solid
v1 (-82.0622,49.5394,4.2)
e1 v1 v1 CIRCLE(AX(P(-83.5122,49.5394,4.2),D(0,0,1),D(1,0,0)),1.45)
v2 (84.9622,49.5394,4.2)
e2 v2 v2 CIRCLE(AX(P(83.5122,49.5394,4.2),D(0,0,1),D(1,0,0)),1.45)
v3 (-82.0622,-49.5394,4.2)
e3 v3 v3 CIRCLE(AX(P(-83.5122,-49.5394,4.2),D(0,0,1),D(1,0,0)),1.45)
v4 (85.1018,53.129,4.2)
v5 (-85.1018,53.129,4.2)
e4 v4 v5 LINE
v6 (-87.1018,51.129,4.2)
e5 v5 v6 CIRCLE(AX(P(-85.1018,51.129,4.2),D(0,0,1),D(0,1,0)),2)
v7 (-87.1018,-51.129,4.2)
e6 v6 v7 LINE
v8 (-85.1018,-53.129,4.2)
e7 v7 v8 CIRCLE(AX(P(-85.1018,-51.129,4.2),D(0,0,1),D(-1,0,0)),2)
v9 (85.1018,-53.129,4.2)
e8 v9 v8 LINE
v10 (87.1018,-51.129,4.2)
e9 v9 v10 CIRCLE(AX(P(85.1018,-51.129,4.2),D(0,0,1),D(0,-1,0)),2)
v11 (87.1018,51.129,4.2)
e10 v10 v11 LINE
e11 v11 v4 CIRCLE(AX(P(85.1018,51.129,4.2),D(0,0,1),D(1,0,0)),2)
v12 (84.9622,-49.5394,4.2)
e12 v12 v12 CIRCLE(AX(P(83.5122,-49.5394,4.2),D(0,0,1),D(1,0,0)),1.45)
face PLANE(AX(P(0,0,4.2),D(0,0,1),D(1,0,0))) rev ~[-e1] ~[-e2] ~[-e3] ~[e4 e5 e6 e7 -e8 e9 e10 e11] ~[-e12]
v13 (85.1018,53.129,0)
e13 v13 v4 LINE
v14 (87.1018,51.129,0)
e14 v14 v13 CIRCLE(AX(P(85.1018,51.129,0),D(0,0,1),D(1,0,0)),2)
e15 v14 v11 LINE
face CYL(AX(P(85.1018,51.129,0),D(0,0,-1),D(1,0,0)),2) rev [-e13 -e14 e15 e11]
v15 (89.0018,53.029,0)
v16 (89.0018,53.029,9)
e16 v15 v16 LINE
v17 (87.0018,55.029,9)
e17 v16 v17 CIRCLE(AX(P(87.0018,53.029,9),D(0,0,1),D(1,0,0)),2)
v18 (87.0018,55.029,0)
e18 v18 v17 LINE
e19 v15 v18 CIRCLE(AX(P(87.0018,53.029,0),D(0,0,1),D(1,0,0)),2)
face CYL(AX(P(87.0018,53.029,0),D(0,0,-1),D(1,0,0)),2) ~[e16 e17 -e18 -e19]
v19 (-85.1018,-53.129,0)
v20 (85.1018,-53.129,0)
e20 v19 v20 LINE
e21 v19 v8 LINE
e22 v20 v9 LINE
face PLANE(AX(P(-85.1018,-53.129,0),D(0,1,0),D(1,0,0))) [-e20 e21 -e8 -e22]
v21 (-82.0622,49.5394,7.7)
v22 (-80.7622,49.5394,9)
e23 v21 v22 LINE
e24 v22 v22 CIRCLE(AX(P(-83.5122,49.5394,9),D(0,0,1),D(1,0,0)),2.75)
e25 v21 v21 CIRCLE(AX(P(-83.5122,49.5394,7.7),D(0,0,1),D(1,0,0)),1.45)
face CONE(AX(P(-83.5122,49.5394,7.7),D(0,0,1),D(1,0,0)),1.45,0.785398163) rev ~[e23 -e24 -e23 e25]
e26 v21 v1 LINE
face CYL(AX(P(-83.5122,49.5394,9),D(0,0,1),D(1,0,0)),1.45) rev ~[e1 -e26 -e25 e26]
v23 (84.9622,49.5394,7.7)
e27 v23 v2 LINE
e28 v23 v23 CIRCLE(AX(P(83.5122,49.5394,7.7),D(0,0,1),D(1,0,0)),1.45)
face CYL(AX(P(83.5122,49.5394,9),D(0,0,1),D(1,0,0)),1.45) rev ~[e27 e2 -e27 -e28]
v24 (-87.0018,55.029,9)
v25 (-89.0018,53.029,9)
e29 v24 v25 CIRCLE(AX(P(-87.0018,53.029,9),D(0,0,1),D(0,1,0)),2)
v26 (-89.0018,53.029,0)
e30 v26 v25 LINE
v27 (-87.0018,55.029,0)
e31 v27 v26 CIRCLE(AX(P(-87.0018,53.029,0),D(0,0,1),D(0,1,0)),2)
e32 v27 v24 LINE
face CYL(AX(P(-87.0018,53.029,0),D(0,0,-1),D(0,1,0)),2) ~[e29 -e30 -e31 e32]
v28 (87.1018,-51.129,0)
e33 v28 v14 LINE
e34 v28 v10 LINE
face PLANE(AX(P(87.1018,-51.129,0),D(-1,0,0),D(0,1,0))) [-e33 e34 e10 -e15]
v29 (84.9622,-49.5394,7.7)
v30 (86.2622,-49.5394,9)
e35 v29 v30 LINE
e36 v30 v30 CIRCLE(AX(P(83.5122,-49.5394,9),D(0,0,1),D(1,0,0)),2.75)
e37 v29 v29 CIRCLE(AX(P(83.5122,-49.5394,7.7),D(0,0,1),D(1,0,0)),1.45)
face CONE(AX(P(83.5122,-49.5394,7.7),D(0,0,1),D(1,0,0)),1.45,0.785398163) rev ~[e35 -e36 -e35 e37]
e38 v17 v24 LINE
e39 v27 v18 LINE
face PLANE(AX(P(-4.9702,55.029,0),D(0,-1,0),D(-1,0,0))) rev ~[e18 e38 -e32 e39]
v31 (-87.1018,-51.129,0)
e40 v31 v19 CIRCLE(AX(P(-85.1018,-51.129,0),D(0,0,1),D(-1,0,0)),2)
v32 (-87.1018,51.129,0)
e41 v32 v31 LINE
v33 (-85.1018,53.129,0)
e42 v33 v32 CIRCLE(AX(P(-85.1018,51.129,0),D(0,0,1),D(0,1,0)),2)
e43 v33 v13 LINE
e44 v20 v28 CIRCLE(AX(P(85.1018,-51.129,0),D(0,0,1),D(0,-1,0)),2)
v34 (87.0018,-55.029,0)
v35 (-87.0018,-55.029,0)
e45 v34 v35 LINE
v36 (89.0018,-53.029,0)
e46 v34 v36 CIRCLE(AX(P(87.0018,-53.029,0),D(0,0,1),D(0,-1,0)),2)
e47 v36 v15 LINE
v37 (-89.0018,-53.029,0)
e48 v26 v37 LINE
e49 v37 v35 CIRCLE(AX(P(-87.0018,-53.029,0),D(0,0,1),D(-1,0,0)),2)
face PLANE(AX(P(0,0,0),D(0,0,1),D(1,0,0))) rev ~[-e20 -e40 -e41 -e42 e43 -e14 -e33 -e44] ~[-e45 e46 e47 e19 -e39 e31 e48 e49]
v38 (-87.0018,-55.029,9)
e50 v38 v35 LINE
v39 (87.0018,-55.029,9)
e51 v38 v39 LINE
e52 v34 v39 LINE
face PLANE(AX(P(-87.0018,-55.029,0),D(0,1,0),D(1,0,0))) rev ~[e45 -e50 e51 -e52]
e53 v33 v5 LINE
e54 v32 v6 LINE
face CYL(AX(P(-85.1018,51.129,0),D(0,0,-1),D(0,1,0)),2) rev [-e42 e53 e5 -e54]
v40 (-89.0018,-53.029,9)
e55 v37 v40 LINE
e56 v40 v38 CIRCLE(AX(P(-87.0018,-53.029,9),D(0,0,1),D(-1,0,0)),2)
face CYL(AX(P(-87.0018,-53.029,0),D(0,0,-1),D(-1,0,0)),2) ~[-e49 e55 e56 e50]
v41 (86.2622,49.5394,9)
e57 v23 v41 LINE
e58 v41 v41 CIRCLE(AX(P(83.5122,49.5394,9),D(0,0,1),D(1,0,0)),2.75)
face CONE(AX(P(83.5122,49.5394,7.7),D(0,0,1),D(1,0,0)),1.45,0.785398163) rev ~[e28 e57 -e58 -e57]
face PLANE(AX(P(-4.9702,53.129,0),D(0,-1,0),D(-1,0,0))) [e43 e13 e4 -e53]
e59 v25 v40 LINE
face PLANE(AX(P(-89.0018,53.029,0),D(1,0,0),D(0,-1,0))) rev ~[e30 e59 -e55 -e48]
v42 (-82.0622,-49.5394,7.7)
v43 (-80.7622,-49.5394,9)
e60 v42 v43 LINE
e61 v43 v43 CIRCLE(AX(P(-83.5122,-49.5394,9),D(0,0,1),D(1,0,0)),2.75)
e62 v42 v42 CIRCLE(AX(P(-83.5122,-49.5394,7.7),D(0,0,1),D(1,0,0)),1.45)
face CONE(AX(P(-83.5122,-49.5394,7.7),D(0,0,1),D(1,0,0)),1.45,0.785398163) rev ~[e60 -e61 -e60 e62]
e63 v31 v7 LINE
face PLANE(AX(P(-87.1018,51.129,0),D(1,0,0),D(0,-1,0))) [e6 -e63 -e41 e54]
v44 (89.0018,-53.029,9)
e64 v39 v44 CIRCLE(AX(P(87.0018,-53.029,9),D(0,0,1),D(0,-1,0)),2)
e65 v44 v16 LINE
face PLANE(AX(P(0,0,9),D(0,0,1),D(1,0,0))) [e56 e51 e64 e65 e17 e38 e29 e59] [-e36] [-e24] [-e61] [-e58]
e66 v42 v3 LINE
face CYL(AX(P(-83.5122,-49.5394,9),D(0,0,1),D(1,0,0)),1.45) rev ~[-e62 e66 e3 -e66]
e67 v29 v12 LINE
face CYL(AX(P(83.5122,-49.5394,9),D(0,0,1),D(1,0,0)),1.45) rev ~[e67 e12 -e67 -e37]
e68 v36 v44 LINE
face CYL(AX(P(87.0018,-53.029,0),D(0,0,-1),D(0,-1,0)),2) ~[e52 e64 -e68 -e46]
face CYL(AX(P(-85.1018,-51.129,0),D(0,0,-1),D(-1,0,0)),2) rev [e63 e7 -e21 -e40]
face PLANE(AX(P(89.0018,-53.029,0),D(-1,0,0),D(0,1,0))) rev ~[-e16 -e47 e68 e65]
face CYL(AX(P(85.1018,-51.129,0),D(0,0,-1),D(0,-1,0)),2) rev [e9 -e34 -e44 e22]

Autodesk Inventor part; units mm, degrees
ref_plane "YZ Plane" through (0, 0, 0) normal (1, 0, 0) x (0, 1, 0)
ref_plane "XZ Plane" through (0, 0, 0) normal (0, 1, 0) x (-1, 0, 0)
ref_plane "XY Plane" through (0, 0, 0) normal (0, 0, 1) x (1, 0, 0)
sketch "Sketch3" plane through (0, 0, 0) normal (0, 0, 1) x (1, 0, 0)
  line L0 (-8.9702, 53.029) -> (-8.9702, 53.0291) projected
  line L1 (-8.9702, 53.0291) -> (-4.9702, 53.0291) projected
  line L2 (-4.9702, 53.0291) -> (-4.9702, 55.029) projected
  line L3 (-4.9702, 55.029) -> (-87.0018, 55.029) projected
  arc A0 (-87.0018, 55.029) -> (-89.0018, 53.029) centre (-87.0018, 53.029) ccw projected
  line L4 (-89.0018, 53.029) -> (-89.0018, -53.029) projected
  arc A1 (-89.0018, -53.029) -> (-87.0018, -55.029) centre (-87.0018, -53.029) ccw projected
  line L5 (-87.0018, -55.029) -> (-4.9702, -55.029) projected
  line L6 (-4.9702, -55.029) -> (-4.9702, -53.029) projected
  line L7 (-4.9702, -53.029) -> (-8.9702, -53.029) projected
  line L8 (-8.9702, -53.029) -> (-85.0018, -53.029) projected
  arc A2 (-87.0018, -51.029) -> (-85.0018, -53.029) centre (-85.0018, -51.029) ccw projected
  line L9 (-87.0018, -51.029) -> (-87.0018, 51.029) projected
  arc A3 (-85.0018, 53.029) -> (-87.0018, 51.029) centre (-85.0018, 51.029) ccw projected
  line L10 (-85.0018, 53.029) -> (-8.9702, 53.029) projected
  line L11 (49.0298, 53.0291) -> (49.0298, 53.029) projected
  line L12 (49.0298, 53.029) -> (85.0018, 53.029) projected
  arc A4 (87.0018, 51.029) -> (85.0018, 53.029) centre (85.0018, 51.029) ccw projected
  line L13 (87.0018, 51.029) -> (87.0018, -51.029) projected
  arc A5 (85.0018, -53.029) -> (87.0018, -51.029) centre (85.0018, -51.029) ccw projected
  line L14 (85.0018, -53.029) -> (49.0298, -53.029) projected
  line L15 (49.0298, -53.029) -> (45.0298, -53.029) projected
  line L16 (45.0298, -53.029) -> (45.0298, -55.029) projected
  line L17 (45.0298, -55.029) -> (87.0018, -55.029) projected
  arc A6 (87.0018, -55.029) -> (89.0018, -53.029) centre (87.0018, -53.029) ccw projected
  line L18 (89.0018, -53.029) -> (89.0018, 53.029) projected
  arc A7 (89.0018, 53.029) -> (87.0018, 55.029) centre (87.0018, 53.029) ccw projected
  line L19 (87.0018, 55.029) -> (45.0298, 55.029) projected
  line L20 (45.0298, 55.029) -> (45.0298, 53.0291) projected
  line L21 (45.0298, 53.0291) -> (49.0298, 53.0291) projected
  line L22 (87.0018, 55.029) -> (-87.0018, 55.029)
  line L23 (-89.0018, 53.029) -> (-89.0018, -53.029)
  line L24 (-87.0018, -55.029) -> (87.0018, -55.029)
  line L25 (89.0018, -53.029) -> (89.0018, 53.029)
  line L26 (85.1018, 53.129) -> (-85.1018, 53.129)
  line L27 (-87.1018, 51.129) -> (-87.1018, -51.129)
  line L28 (-85.1018, -53.129) -> (85.1018, -53.129)
  line L29 (87.1018, -51.129) -> (87.1018, 51.129)
  arc A8 (89.0018, 53.029) -> (87.0018, 55.029) centre (87.0018, 53.029) ccw
  arc A9 (87.1018, 51.129) -> (85.1018, 53.129) centre (85.1018, 51.129) ccw
  arc A10 (85.1018, -53.129) -> (87.1018, -51.129) centre (85.1018, -51.129) ccw
  arc A11 (87.0018, -55.029) -> (89.0018, -53.029) centre (87.0018, -53.029) ccw
  arc A12 (-87.1018, -51.129) -> (-85.1018, -53.129) centre (-85.1018, -51.129) ccw
  arc A13 (-89.0018, -53.029) -> (-87.0018, -55.029) centre (-87.0018, -53.029) ccw
  arc A14 (-85.1018, 53.129) -> (-87.1018, 51.129) centre (-85.1018, 51.129) ccw
  arc A15 (-87.0018, 55.029) -> (-89.0018, 53.029) centre (-87.0018, 53.029) ccw
  point P0 (0, 0)
  dimension "d0" = 0.1
  dimension "d1" = 0.1
  dimension "d2" = 0.1
  dimension "d3" = 0.1
  dimension "d4" = 2
extrude "Extrusion1" add sketch "Sketch3" along normal blind 4.2 contours L26 A14 L27 A12 L28 L6 L5 A1 L4 A0 L3 L2 | L2 L22 L20 L26 | L20 L19 A7 L18 A6 L17 L16 L28 A10 L29 A9 L26 | L28 L16 L24 L6
sketch "Sketch4" plane through (0, 0, 4.2) normal (0, 0, 1) x (1, 0, 0)
  line L0 (-87.0018, -55.029) -> (87.0018, -55.029) projected
  arc A0 (87.0018, -55.029) -> (89.0018, -53.029) centre (87.0018, -53.029) ccw projected
  line L1 (89.0018, -53.029) -> (89.0018, 53.029) projected
  arc A1 (89.0018, 53.029) -> (87.0018, 55.029) centre (87.0018, 53.029) ccw projected
  line L2 (87.0018, 55.029) -> (-87.0018, 55.029) projected
  arc A2 (-87.0018, 55.029) -> (-89.0018, 53.029) centre (-87.0018, 53.029) ccw projected
  line L3 (-89.0018, 53.029) -> (-89.0018, -53.029) projected
  arc A3 (-89.0018, -53.029) -> (-87.0018, -55.029) centre (-87.0018, -53.029) ccw projected
  line L4 (85.1018, -53.129) -> (-85.1018, -53.129) projected
  arc A4 (-87.1018, -51.129) -> (-85.1018, -53.129) centre (-85.1018, -51.129) ccw projected
  line L5 (-87.1018, -51.129) -> (-87.1018, 51.129) projected
  arc A5 (-85.1018, 53.129) -> (-87.1018, 51.129) centre (-85.1018, 51.129) ccw projected
  line L6 (-85.1018, 53.129) -> (85.1018, 53.129) projected
  arc A6 (87.1018, 51.129) -> (85.1018, 53.129) centre (85.1018, 51.129) ccw projected
  line L7 (87.1018, 51.129) -> (87.1018, -51.129) projected
  arc A7 (85.1018, -53.129) -> (87.1018, -51.129) centre (85.1018, -51.129) ccw projected
  point P0 (0, 0)
extrude "Extrusion2" add sketch "Sketch4" along normal blind 4.8 contours A3 L3 A2 L2 A1 L1 A0 L0 | L4 A4 L5 A5 L6 A6 L7 A7
sketch "Sketch5" plane through (0, 0, 9) normal (0, 0, 1) x (1, 0, 0)
  circle A0 centre (83.5122, 49.5394) radius 2 projected
  circle A1 centre (83.5122, -49.5394) radius 2 projected
  circle A2 centre (-83.5122, -49.5394) radius 2 projected
  circle A3 centre (-83.5122, 49.5394) radius 2 projected
  circle A4 centre (83.5122, 49.5394) radius 1.45
  circle A5 centre (83.5122, -49.5394) radius 1.45
  circle A6 centre (-83.5122, -49.5394) radius 1.45
  circle A7 centre (-83.5122, 49.5394) radius 1.45
  point P0 (0, 0)
  dimension "d9" = 2.9
  dimension "d10" = 2.9
  dimension "d11" = 2.9
  dimension "d12" = 2.9
extrude "Extrusion3" cut sketch "Sketch5" against normal blind 10 contours A4 | A5 | A6 | A7
chamfer "Chamfer1" distance 1.3 angle 45 4 edges at (82.0622, 49.5394, 9) (82.0622, -49.5394, 9) (-84.9622, 49.5394, 9) (-84.9622, -49.5394, 9)
properties part number "First_Stage_BoxTop_Print"
